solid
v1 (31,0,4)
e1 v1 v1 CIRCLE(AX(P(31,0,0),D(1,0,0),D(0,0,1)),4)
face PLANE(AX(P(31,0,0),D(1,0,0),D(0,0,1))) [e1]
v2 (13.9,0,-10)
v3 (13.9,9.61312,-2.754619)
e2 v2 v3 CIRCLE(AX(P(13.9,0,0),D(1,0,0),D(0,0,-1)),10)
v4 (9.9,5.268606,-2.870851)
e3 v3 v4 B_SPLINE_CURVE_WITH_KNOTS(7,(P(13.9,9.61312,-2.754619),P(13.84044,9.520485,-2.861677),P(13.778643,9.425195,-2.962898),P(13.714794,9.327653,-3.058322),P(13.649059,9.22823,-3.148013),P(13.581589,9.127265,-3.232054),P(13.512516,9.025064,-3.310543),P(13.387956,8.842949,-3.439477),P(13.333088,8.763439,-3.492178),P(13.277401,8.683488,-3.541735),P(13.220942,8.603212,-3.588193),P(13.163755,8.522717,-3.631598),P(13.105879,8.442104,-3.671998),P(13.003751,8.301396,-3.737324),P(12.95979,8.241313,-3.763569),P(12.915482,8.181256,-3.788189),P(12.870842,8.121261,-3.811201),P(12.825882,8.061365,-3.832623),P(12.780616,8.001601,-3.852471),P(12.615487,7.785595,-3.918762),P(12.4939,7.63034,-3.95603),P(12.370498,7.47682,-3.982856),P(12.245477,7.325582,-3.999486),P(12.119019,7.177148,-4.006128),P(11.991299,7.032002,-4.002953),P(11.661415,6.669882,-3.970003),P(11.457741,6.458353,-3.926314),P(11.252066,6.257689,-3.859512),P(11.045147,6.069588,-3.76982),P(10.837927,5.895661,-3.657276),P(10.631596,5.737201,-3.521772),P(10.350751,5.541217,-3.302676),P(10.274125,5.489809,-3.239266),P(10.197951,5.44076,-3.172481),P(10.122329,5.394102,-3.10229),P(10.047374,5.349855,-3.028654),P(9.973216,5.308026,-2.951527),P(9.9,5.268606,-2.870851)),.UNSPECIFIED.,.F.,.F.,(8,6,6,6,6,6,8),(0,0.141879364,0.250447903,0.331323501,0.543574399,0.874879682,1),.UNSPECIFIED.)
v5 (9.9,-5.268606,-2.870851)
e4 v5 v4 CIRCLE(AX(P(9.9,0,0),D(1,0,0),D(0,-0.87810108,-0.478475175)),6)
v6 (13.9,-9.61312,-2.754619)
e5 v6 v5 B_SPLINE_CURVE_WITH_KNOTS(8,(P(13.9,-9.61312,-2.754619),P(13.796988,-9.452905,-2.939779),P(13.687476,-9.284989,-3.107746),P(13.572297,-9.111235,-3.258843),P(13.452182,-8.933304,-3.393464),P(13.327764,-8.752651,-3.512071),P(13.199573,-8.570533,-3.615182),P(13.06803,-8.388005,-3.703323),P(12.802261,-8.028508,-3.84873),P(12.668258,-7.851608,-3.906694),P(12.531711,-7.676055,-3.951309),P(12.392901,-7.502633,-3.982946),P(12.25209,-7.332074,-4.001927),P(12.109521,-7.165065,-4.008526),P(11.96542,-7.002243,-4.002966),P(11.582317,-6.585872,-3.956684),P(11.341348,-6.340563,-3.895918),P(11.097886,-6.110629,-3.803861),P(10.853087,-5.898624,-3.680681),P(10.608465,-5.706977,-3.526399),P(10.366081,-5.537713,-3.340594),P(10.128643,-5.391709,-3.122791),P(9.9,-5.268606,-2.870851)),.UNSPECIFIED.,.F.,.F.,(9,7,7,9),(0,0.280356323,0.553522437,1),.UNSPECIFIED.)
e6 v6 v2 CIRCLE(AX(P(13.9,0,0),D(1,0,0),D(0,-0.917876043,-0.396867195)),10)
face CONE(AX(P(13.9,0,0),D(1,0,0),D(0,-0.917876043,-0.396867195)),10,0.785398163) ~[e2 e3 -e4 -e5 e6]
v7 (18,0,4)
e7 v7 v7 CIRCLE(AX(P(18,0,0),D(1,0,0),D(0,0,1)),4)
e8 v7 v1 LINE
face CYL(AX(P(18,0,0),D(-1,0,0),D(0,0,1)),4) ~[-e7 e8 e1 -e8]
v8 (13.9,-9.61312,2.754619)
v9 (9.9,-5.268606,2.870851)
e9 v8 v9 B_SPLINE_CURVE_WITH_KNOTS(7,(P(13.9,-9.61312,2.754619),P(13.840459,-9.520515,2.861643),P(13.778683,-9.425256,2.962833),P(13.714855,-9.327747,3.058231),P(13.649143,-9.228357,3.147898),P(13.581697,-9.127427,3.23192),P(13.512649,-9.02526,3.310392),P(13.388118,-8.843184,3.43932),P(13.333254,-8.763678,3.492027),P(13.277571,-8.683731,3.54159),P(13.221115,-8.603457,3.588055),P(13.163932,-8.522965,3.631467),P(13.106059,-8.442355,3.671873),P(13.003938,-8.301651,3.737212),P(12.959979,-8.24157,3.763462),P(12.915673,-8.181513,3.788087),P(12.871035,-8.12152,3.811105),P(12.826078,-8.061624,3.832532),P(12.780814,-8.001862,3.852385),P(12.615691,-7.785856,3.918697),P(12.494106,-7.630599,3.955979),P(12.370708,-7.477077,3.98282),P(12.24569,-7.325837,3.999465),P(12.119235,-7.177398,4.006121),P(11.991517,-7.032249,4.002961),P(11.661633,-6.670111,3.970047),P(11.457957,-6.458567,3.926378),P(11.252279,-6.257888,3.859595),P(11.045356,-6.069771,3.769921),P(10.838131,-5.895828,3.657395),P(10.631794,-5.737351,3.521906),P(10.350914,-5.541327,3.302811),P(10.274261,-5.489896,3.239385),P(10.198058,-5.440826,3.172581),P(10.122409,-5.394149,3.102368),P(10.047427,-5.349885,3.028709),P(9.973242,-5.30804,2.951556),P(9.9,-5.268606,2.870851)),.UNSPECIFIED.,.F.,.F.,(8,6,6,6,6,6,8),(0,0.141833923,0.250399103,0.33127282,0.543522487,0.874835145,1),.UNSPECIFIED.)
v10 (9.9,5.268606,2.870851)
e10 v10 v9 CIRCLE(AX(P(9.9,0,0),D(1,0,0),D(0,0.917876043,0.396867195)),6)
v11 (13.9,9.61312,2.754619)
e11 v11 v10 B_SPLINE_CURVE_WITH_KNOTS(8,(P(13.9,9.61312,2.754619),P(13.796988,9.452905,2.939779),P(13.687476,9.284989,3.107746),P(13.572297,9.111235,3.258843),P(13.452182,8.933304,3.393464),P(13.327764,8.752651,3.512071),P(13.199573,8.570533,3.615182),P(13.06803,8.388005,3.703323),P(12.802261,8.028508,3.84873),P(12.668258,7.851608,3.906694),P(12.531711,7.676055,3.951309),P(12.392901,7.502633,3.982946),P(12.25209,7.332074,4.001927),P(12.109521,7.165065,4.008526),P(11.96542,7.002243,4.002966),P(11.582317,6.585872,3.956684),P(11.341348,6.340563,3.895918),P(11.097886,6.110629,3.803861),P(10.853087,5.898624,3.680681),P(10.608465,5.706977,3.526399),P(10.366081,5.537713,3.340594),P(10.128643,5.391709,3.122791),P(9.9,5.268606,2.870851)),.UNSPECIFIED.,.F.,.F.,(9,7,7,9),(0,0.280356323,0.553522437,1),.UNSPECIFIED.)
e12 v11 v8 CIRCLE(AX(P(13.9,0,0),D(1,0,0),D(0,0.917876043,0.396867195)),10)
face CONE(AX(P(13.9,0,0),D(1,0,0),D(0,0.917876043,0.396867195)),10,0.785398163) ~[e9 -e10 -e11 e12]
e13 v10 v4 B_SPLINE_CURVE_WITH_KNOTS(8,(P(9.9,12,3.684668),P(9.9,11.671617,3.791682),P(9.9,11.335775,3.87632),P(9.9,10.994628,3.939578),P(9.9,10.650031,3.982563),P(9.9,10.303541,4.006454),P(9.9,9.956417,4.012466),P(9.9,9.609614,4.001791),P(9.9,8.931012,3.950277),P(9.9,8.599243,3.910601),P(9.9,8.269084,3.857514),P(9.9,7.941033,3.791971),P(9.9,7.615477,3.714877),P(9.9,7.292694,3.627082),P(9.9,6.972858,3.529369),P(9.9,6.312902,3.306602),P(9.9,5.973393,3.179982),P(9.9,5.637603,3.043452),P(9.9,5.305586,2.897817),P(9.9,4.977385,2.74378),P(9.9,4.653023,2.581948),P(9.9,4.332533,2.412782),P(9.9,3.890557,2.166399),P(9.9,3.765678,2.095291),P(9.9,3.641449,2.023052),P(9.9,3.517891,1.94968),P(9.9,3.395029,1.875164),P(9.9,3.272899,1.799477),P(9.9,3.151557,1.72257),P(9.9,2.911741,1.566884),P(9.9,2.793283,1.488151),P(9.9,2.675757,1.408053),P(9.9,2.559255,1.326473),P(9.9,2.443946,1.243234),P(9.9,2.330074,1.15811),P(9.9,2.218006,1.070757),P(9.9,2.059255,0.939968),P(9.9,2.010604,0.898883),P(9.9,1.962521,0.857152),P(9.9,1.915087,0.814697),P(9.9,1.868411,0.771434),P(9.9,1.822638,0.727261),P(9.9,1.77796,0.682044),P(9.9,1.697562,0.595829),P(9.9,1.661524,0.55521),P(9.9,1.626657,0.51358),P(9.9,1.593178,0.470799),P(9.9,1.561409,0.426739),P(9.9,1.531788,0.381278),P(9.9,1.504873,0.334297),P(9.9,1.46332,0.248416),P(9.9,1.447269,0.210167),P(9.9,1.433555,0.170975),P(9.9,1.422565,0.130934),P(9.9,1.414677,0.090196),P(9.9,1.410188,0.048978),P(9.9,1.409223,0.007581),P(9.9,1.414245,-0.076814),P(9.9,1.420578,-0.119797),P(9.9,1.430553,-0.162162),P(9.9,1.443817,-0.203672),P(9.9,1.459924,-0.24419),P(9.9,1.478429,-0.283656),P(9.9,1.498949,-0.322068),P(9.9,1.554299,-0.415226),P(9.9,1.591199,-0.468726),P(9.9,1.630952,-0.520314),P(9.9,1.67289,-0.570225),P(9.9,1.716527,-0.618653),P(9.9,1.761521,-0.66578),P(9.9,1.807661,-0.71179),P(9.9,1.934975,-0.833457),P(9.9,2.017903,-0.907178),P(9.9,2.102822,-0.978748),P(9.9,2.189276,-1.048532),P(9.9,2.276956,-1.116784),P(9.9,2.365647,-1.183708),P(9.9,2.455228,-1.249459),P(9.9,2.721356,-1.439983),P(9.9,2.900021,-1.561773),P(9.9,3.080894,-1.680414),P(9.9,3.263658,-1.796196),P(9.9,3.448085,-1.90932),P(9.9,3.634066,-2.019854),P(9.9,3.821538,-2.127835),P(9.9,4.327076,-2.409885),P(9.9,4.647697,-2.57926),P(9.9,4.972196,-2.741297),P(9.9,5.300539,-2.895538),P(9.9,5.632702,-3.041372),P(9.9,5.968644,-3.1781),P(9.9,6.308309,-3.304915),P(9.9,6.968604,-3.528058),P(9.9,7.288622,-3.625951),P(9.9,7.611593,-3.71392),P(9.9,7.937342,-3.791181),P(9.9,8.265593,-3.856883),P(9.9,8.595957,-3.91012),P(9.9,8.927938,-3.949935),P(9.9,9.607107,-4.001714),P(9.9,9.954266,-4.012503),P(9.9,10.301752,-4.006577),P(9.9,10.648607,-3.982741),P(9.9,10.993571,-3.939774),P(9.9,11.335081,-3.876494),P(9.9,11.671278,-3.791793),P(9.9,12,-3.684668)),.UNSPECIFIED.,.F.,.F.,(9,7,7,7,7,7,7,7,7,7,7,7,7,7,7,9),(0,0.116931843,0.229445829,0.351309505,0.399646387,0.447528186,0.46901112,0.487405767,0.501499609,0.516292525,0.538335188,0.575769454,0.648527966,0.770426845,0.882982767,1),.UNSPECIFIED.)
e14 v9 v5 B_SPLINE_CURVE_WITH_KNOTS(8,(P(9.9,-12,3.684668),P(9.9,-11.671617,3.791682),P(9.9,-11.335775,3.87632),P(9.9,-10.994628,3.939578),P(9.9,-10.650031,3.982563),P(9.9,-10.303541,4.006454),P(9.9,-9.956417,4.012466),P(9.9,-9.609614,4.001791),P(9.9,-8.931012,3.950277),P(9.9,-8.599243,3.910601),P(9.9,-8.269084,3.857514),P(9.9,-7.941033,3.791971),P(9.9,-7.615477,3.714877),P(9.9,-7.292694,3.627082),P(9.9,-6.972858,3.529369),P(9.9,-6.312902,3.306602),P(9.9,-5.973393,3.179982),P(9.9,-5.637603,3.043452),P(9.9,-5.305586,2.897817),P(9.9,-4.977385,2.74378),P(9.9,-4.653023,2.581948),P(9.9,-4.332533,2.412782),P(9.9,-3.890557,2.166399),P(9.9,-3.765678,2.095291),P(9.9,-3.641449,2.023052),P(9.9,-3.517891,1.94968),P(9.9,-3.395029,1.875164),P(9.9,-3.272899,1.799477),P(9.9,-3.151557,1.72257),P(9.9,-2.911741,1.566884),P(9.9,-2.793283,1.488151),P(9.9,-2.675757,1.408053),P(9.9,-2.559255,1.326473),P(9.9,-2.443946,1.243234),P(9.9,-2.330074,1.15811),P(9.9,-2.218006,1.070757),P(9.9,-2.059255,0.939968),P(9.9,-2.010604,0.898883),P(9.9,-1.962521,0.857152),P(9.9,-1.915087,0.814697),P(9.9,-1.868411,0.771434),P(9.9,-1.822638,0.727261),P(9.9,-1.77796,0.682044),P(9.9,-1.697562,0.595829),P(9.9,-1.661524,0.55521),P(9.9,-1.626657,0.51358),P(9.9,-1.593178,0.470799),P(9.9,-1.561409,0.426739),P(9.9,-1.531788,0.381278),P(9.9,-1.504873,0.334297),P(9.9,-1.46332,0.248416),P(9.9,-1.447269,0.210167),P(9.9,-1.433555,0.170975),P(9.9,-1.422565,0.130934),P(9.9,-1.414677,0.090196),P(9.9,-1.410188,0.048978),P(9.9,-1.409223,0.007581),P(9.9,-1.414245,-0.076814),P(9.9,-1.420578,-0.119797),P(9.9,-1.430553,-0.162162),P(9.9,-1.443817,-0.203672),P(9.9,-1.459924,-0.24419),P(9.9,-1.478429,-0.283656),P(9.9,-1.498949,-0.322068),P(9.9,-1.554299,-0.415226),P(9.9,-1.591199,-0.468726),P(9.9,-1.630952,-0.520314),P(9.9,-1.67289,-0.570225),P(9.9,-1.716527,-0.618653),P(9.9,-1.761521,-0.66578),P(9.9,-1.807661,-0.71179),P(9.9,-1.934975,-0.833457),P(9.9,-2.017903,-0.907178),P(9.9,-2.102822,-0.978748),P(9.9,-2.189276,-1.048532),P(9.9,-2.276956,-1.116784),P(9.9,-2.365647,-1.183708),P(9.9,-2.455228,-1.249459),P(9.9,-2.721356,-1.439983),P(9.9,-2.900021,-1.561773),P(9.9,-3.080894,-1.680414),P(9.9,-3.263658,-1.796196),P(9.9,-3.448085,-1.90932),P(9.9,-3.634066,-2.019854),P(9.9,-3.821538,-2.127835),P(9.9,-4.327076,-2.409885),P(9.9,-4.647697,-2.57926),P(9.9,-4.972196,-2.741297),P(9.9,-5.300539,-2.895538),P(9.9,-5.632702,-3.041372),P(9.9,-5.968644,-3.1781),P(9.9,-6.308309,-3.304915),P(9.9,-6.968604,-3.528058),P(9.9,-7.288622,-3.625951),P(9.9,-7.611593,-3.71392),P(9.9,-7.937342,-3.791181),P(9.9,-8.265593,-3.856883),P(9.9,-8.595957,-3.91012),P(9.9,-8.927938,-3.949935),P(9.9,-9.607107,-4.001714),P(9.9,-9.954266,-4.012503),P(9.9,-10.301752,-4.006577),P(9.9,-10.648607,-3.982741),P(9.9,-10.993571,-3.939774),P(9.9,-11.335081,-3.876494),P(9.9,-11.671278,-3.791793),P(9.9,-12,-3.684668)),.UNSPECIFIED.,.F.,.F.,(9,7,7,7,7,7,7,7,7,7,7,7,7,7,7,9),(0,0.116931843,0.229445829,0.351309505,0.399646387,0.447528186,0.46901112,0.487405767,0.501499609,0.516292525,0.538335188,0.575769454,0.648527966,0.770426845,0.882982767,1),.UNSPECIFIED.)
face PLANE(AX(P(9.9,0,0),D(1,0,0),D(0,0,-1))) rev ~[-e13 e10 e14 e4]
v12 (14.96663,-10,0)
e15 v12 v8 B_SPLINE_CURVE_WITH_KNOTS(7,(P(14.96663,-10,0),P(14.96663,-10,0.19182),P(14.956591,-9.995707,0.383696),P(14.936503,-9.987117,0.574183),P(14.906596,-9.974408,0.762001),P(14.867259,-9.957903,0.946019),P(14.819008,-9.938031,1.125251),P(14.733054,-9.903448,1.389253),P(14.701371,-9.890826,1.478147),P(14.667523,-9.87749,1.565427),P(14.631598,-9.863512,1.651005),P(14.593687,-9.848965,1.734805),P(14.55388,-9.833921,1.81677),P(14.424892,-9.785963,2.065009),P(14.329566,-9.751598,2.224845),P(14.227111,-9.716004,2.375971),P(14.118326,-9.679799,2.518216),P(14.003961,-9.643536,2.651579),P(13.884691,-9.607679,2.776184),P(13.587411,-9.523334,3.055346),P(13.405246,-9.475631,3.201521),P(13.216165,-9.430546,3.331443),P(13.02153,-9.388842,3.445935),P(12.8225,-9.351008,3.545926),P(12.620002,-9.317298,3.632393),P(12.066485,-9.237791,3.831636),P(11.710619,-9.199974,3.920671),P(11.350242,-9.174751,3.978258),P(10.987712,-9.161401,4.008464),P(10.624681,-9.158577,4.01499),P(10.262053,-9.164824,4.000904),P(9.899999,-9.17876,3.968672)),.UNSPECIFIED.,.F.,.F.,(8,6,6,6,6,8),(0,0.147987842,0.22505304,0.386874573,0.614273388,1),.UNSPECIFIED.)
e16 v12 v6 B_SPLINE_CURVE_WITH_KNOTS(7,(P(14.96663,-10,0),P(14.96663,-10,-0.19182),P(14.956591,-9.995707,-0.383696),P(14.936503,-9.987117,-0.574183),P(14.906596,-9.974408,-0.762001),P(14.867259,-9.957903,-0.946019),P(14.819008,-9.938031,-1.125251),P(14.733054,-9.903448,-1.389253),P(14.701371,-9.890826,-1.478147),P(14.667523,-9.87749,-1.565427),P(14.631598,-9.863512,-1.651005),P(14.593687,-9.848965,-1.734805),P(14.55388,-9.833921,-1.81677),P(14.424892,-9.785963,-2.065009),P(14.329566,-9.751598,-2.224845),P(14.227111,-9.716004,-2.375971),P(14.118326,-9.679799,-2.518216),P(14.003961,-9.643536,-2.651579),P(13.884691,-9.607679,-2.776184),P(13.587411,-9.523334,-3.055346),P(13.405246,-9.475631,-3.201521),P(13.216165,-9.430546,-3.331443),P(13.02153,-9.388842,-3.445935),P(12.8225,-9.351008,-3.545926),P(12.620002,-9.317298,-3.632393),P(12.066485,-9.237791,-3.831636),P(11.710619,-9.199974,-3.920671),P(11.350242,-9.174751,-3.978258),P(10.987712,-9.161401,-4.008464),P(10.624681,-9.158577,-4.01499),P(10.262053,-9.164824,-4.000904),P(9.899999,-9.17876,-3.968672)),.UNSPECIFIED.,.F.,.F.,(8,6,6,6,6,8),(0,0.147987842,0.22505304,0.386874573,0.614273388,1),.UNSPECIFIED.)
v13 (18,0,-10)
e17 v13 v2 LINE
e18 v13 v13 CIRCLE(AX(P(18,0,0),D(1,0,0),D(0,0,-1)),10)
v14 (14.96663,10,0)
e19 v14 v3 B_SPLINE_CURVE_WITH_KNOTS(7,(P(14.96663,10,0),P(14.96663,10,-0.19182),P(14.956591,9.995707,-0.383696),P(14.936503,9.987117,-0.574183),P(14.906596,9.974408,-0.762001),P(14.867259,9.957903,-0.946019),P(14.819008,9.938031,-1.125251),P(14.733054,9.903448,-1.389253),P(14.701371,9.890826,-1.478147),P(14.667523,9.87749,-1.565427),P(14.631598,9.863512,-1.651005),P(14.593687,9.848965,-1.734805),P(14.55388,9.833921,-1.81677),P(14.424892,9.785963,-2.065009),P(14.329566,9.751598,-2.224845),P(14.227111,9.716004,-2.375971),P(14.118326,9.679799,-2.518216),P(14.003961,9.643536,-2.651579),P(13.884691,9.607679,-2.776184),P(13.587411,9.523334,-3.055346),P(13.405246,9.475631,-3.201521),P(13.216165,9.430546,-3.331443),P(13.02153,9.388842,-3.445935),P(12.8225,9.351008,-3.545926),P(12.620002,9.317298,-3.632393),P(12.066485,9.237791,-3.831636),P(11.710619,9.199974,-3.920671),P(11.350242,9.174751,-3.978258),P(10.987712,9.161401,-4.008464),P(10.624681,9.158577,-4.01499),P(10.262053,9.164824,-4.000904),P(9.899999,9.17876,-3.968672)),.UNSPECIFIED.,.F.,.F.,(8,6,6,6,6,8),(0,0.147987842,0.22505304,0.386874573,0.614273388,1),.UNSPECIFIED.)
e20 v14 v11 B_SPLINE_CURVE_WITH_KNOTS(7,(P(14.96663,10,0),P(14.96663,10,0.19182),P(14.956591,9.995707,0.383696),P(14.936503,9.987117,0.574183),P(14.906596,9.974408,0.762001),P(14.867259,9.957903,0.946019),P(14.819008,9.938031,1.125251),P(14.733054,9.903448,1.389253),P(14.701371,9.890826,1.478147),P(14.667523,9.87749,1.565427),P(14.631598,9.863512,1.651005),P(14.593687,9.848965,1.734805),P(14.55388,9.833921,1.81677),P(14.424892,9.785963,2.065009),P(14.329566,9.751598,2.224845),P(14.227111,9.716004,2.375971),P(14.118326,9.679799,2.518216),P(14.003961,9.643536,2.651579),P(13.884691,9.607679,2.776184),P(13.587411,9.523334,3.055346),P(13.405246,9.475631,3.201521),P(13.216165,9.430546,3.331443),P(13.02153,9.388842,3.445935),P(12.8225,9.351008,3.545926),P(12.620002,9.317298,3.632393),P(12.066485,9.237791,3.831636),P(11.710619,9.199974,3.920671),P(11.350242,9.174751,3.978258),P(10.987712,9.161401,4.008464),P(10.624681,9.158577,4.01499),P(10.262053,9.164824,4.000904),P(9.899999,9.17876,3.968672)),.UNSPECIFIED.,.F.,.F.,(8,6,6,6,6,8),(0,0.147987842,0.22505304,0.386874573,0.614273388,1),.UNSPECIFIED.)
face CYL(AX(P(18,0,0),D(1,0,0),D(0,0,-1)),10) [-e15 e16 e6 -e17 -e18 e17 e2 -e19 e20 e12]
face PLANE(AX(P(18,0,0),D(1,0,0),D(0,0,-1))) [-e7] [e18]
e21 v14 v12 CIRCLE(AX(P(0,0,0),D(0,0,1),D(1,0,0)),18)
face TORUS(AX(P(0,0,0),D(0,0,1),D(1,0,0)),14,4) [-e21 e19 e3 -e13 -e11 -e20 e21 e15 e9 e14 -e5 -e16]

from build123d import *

# Parameters (mm, degrees)
IZIM2_R                     = 4
Y_KSEKLIK_EKSTR_ZYON1_START = 18
IZIM4_R                     = 10
Y_KSEKLIK_EKSTR_ZYON1_DEPTH = 8.1
PAH1_SIZE                   = 4
IZIM6_R                     = 4
Y_KSEKLIK_EKSTR_ZYON2_DEPTH = 13


with BuildPart() as part:
    # Süpür1: sweep along a path in Çizim1
    with BuildLine(Plane.XY) as s_p_r1_path:
        CenterArc((0, 0), 14, 0, 360)
    # Çizim2 → Süpür1 (sweep)
    with BuildSketch(Plane(origin=(0, 0, 0), x_dir=(1, 0, 0), z_dir=(0, 1, 0))):
        with Locations((14, 0)):
            Circle(IZIM2_R)
    sweep(path=s_p_r1_path.line)

    # Çizim4 → Yükseklik-Ekstrüzyon1 (add)
    with BuildSketch(Plane(origin=(0, 0, 0), x_dir=(0, 0, -1), z_dir=(1, 0, 0)).offset(Y_KSEKLIK_EKSTR_ZYON1_START)):
        Circle(IZIM4_R)
    extrude(amount=-Y_KSEKLIK_EKSTR_ZYON1_DEPTH)

    # Pah1
    pah1_edges = [part.edges().sort_by_distance(p)[0] for p in [
        (9.9, 0, 10),
        (9.9, 5.491506193, -8.357233976),
    ]]
    chamfer(pah1_edges, length=PAH1_SIZE)

    # Çizim6 → Yükseklik-Ekstrüzyon2 (add)
    with BuildSketch(Plane(origin=(18, 0, 0), x_dir=(0, 0, -1), z_dir=(1, 0, 0))):
        with Locations(Location((0, 0, 0), (0, 0, 180))):
            Circle(IZIM6_R)
    extrude(amount=Y_KSEKLIK_EKSTR_ZYON2_DEPTH)


solid = part.part
